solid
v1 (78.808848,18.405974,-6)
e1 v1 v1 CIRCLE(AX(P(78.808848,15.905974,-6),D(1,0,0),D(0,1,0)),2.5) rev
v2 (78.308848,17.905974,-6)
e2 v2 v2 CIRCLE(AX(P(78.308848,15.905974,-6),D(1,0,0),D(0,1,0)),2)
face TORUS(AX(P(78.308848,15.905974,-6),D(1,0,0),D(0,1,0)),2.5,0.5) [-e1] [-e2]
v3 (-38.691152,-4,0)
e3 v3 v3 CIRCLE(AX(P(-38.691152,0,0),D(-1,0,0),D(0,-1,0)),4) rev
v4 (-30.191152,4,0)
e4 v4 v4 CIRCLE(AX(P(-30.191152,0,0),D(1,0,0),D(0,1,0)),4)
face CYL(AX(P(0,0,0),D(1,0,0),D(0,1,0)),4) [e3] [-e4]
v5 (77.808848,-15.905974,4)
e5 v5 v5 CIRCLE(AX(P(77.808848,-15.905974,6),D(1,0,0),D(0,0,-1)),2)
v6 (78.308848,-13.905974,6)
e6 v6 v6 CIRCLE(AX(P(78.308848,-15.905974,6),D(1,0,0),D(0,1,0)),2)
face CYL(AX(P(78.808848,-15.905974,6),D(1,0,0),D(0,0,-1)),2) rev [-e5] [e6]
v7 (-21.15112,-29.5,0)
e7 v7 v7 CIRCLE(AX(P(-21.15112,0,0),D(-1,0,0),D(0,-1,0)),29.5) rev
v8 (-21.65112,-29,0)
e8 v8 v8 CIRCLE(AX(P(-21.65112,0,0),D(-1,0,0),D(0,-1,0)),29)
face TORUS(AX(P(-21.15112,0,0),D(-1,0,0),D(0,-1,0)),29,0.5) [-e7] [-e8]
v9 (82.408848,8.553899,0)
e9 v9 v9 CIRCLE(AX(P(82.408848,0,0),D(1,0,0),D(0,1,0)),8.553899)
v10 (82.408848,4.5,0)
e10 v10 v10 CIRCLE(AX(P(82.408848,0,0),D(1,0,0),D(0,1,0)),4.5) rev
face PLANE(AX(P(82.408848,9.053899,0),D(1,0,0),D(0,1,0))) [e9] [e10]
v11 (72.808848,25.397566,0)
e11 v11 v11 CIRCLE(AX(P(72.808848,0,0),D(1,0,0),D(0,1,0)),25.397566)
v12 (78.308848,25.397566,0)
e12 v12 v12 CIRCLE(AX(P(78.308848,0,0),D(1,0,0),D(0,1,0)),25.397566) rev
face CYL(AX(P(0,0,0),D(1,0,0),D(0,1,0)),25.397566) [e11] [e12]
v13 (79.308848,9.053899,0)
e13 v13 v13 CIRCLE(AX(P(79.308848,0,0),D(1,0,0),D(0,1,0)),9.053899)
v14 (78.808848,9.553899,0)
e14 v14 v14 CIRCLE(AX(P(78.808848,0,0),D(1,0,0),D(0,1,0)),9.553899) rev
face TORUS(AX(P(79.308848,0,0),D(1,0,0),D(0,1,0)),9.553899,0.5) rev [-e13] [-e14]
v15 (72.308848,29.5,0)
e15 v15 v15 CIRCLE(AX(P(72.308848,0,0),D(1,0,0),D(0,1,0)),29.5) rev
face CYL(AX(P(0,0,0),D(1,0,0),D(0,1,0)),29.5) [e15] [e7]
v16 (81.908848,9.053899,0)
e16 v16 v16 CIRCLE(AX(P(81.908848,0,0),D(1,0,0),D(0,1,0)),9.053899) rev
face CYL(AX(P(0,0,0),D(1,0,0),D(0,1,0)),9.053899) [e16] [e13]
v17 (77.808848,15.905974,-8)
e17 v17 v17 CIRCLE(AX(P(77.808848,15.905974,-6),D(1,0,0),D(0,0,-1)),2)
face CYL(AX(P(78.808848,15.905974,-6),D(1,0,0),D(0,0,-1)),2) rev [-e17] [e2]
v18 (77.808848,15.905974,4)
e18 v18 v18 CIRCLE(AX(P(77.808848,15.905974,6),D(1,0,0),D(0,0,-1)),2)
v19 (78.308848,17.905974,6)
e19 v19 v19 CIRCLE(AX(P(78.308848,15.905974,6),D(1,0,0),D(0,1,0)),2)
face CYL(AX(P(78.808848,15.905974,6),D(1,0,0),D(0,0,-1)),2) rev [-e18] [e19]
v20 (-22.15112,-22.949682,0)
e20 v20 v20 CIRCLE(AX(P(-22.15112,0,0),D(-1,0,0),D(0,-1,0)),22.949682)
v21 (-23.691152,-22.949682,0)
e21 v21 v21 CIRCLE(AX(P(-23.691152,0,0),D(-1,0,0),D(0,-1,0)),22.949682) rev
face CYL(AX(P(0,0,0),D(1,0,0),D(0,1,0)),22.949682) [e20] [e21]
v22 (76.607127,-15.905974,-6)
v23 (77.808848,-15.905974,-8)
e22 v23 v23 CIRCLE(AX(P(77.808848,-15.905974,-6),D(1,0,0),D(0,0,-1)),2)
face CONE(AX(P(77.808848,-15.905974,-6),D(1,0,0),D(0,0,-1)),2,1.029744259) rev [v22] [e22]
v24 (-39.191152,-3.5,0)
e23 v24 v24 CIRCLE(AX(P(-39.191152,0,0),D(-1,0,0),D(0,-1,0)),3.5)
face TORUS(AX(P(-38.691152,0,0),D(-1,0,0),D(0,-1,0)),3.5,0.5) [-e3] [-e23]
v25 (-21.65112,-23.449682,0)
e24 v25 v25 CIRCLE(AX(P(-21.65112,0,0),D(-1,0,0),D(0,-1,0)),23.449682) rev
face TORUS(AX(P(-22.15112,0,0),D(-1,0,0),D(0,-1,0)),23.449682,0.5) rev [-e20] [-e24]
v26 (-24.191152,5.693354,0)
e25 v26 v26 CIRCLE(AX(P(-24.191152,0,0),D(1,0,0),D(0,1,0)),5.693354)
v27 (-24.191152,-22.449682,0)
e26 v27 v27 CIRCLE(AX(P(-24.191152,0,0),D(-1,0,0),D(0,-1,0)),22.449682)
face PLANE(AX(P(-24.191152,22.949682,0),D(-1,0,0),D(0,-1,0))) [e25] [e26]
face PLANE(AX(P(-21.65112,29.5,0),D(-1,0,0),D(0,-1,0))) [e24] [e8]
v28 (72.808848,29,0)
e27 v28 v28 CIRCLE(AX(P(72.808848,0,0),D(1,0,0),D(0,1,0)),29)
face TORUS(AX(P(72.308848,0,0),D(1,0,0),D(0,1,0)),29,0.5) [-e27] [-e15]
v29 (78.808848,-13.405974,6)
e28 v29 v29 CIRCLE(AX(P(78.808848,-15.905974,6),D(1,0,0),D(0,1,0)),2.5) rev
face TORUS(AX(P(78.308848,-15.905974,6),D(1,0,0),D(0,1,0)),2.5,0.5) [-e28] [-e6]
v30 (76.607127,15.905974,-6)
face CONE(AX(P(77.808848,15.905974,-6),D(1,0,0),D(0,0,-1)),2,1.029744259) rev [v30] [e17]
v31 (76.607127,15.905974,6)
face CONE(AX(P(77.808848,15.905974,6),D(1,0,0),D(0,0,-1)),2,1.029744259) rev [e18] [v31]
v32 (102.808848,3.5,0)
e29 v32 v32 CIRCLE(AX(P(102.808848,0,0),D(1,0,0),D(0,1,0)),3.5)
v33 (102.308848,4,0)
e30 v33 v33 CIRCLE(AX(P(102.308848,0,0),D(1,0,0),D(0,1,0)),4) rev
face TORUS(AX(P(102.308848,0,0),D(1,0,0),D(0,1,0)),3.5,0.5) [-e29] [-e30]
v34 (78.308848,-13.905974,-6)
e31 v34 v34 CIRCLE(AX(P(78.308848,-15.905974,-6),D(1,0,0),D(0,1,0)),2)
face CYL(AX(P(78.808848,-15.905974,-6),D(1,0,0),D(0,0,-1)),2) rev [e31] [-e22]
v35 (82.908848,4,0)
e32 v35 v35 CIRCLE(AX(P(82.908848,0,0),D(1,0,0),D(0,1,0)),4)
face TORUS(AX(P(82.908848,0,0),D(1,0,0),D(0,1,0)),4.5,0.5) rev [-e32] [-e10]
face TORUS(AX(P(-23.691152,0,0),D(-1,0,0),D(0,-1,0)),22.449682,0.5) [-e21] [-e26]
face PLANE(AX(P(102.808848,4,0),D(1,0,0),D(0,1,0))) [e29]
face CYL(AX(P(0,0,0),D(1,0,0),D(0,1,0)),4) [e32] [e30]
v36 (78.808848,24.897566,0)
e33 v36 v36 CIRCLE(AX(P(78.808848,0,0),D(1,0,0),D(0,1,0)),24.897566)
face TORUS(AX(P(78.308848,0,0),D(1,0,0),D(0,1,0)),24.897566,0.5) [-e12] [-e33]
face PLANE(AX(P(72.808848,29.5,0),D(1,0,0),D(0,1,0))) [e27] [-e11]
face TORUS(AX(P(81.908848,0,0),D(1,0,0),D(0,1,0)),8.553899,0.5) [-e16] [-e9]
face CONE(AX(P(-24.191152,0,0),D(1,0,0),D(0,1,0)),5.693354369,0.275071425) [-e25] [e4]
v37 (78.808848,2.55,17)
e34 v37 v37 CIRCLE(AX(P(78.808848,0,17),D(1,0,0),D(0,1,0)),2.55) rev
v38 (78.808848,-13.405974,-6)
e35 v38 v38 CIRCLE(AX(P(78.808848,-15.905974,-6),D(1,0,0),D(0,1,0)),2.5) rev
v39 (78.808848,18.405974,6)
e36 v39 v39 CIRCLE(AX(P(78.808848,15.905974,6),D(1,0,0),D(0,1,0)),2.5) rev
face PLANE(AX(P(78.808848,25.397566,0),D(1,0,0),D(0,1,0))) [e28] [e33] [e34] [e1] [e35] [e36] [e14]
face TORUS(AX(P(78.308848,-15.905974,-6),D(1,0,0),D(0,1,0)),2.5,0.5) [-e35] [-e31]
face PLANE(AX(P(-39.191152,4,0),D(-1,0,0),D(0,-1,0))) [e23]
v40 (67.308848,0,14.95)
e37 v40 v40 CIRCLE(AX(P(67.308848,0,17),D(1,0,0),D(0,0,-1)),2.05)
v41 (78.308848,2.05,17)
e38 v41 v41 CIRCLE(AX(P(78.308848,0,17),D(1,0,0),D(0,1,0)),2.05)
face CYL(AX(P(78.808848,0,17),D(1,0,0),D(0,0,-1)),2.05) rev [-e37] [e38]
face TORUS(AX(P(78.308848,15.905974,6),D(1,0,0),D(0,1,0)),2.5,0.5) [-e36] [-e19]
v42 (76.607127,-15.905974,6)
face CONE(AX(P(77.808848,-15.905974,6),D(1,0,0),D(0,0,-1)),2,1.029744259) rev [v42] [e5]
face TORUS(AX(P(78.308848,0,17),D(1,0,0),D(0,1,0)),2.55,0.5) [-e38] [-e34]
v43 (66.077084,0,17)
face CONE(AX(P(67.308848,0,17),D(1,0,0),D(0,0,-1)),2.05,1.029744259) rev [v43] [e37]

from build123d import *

# Parameters (mm, degrees)
F_4_0_4_DURCHMESSER_BOHRUNG1_D       = 4
F_4_0_4_DURCHMESSER_BOHRUNG1_DEPTH   = 1
F_4_0_4_DURCHMESSER_BOHRUNG1_TIP     = 1.201721238
F_4_1_4_1_DURCHMESSER_BOHRUNG1_D     = 4.1
F_4_1_4_1_DURCHMESSER_BOHRUNG1_DEPTH = 11.5
F_4_1_4_1_DURCHMESSER_BOHRUNG1_TIP   = 1.231764269
VERRUNDUNG1_R                        = 0.5


with BuildPart() as part:
    # Skizze1 → Rotation1 (revolve)
    with BuildSketch(Plane.XY):
        Polygon((-21.65112042, 29.5), (72.808848027, 29.5), (72.808848027, 25.397565661), (78.808848027, 25.397565661), (78.808848027, 9.053899077), (82.408848027, 9.053899077), (82.408848027, 4), (87.880820833, 4), (102.808848027, 4), (102.808848027, 0), (0, 0), (-39.191151973, 0), (-39.191151973, 4), (-30.191151973, 4), (-24.191151973, 5.693354369), (-24.191151973, 22.949681802), (-21.65112042, 22.949681802), align=None)
    revolve(axis=Axis((0, 0, 0), (-1, 0, 0)))

    # Ø4.0 (4) Durchmesser Bohrung1
    with Locations(Plane(origin=(78.808848027, 0, 0), x_dir=(0, 0, -1), z_dir=(1, 0, 0))):
        with Locations((-6, 15.905973721), (6, 15.905973721), (-6, -15.905973721), (6, -15.905973721)):
            Hole(F_4_0_4_DURCHMESSER_BOHRUNG1_D / 2, depth=F_4_0_4_DURCHMESSER_BOHRUNG1_DEPTH)
            with Locations((0, 0, -(F_4_0_4_DURCHMESSER_BOHRUNG1_DEPTH + F_4_0_4_DURCHMESSER_BOHRUNG1_TIP / 2))):  # 118° drill point
                Cone(0, F_4_0_4_DURCHMESSER_BOHRUNG1_D / 2, F_4_0_4_DURCHMESSER_BOHRUNG1_TIP, mode=Mode.SUBTRACT)

    # Ø4.1 (4.1) Durchmesser Bohrung1
    with Locations(Plane(origin=(78.808848027, 0, 0), x_dir=(0, 0, -1), z_dir=(1, 0, 0))):
        with Locations((-17, 0)):
            Hole(F_4_1_4_1_DURCHMESSER_BOHRUNG1_D / 2, depth=F_4_1_4_1_DURCHMESSER_BOHRUNG1_DEPTH)
            with Locations((0, 0, -(F_4_1_4_1_DURCHMESSER_BOHRUNG1_DEPTH + F_4_1_4_1_DURCHMESSER_BOHRUNG1_TIP / 2))):  # 118° drill point
                Cone(0, F_4_1_4_1_DURCHMESSER_BOHRUNG1_D / 2, F_4_1_4_1_DURCHMESSER_BOHRUNG1_TIP, mode=Mode.SUBTRACT)

    # Verrundung1
    verrundung1_edges = [part.edges().sort_by_distance(p)[0] for p in [
        (-21.65112042, -29.5, 0),
        (72.808848027, -29.5, 0),
        (78.808848027, -25.397565661, 0),
        (78.808848027, -9.053899077, 0),
        (82.408848027, -9.053899077, 0),
        (82.408848027, -4, 0),
        (102.808848027, -4, 0),
        (-39.191151973, -4, 0),
        (-24.191151973, -22.949681802, 0),
        (-21.65112042, -22.949681802, 0),
        (78.808848027, -15.905973721, -8),
        (78.808848027, -15.905973721, 4),
        (78.808848027, 15.905973721, -8),
        (78.808848027, 15.905973721, 4),
        (78.808848027, 0, 14.95),
    ]]
    fillet(verrundung1_edges, radius=VERRUNDUNG1_R)


solid = part.part
